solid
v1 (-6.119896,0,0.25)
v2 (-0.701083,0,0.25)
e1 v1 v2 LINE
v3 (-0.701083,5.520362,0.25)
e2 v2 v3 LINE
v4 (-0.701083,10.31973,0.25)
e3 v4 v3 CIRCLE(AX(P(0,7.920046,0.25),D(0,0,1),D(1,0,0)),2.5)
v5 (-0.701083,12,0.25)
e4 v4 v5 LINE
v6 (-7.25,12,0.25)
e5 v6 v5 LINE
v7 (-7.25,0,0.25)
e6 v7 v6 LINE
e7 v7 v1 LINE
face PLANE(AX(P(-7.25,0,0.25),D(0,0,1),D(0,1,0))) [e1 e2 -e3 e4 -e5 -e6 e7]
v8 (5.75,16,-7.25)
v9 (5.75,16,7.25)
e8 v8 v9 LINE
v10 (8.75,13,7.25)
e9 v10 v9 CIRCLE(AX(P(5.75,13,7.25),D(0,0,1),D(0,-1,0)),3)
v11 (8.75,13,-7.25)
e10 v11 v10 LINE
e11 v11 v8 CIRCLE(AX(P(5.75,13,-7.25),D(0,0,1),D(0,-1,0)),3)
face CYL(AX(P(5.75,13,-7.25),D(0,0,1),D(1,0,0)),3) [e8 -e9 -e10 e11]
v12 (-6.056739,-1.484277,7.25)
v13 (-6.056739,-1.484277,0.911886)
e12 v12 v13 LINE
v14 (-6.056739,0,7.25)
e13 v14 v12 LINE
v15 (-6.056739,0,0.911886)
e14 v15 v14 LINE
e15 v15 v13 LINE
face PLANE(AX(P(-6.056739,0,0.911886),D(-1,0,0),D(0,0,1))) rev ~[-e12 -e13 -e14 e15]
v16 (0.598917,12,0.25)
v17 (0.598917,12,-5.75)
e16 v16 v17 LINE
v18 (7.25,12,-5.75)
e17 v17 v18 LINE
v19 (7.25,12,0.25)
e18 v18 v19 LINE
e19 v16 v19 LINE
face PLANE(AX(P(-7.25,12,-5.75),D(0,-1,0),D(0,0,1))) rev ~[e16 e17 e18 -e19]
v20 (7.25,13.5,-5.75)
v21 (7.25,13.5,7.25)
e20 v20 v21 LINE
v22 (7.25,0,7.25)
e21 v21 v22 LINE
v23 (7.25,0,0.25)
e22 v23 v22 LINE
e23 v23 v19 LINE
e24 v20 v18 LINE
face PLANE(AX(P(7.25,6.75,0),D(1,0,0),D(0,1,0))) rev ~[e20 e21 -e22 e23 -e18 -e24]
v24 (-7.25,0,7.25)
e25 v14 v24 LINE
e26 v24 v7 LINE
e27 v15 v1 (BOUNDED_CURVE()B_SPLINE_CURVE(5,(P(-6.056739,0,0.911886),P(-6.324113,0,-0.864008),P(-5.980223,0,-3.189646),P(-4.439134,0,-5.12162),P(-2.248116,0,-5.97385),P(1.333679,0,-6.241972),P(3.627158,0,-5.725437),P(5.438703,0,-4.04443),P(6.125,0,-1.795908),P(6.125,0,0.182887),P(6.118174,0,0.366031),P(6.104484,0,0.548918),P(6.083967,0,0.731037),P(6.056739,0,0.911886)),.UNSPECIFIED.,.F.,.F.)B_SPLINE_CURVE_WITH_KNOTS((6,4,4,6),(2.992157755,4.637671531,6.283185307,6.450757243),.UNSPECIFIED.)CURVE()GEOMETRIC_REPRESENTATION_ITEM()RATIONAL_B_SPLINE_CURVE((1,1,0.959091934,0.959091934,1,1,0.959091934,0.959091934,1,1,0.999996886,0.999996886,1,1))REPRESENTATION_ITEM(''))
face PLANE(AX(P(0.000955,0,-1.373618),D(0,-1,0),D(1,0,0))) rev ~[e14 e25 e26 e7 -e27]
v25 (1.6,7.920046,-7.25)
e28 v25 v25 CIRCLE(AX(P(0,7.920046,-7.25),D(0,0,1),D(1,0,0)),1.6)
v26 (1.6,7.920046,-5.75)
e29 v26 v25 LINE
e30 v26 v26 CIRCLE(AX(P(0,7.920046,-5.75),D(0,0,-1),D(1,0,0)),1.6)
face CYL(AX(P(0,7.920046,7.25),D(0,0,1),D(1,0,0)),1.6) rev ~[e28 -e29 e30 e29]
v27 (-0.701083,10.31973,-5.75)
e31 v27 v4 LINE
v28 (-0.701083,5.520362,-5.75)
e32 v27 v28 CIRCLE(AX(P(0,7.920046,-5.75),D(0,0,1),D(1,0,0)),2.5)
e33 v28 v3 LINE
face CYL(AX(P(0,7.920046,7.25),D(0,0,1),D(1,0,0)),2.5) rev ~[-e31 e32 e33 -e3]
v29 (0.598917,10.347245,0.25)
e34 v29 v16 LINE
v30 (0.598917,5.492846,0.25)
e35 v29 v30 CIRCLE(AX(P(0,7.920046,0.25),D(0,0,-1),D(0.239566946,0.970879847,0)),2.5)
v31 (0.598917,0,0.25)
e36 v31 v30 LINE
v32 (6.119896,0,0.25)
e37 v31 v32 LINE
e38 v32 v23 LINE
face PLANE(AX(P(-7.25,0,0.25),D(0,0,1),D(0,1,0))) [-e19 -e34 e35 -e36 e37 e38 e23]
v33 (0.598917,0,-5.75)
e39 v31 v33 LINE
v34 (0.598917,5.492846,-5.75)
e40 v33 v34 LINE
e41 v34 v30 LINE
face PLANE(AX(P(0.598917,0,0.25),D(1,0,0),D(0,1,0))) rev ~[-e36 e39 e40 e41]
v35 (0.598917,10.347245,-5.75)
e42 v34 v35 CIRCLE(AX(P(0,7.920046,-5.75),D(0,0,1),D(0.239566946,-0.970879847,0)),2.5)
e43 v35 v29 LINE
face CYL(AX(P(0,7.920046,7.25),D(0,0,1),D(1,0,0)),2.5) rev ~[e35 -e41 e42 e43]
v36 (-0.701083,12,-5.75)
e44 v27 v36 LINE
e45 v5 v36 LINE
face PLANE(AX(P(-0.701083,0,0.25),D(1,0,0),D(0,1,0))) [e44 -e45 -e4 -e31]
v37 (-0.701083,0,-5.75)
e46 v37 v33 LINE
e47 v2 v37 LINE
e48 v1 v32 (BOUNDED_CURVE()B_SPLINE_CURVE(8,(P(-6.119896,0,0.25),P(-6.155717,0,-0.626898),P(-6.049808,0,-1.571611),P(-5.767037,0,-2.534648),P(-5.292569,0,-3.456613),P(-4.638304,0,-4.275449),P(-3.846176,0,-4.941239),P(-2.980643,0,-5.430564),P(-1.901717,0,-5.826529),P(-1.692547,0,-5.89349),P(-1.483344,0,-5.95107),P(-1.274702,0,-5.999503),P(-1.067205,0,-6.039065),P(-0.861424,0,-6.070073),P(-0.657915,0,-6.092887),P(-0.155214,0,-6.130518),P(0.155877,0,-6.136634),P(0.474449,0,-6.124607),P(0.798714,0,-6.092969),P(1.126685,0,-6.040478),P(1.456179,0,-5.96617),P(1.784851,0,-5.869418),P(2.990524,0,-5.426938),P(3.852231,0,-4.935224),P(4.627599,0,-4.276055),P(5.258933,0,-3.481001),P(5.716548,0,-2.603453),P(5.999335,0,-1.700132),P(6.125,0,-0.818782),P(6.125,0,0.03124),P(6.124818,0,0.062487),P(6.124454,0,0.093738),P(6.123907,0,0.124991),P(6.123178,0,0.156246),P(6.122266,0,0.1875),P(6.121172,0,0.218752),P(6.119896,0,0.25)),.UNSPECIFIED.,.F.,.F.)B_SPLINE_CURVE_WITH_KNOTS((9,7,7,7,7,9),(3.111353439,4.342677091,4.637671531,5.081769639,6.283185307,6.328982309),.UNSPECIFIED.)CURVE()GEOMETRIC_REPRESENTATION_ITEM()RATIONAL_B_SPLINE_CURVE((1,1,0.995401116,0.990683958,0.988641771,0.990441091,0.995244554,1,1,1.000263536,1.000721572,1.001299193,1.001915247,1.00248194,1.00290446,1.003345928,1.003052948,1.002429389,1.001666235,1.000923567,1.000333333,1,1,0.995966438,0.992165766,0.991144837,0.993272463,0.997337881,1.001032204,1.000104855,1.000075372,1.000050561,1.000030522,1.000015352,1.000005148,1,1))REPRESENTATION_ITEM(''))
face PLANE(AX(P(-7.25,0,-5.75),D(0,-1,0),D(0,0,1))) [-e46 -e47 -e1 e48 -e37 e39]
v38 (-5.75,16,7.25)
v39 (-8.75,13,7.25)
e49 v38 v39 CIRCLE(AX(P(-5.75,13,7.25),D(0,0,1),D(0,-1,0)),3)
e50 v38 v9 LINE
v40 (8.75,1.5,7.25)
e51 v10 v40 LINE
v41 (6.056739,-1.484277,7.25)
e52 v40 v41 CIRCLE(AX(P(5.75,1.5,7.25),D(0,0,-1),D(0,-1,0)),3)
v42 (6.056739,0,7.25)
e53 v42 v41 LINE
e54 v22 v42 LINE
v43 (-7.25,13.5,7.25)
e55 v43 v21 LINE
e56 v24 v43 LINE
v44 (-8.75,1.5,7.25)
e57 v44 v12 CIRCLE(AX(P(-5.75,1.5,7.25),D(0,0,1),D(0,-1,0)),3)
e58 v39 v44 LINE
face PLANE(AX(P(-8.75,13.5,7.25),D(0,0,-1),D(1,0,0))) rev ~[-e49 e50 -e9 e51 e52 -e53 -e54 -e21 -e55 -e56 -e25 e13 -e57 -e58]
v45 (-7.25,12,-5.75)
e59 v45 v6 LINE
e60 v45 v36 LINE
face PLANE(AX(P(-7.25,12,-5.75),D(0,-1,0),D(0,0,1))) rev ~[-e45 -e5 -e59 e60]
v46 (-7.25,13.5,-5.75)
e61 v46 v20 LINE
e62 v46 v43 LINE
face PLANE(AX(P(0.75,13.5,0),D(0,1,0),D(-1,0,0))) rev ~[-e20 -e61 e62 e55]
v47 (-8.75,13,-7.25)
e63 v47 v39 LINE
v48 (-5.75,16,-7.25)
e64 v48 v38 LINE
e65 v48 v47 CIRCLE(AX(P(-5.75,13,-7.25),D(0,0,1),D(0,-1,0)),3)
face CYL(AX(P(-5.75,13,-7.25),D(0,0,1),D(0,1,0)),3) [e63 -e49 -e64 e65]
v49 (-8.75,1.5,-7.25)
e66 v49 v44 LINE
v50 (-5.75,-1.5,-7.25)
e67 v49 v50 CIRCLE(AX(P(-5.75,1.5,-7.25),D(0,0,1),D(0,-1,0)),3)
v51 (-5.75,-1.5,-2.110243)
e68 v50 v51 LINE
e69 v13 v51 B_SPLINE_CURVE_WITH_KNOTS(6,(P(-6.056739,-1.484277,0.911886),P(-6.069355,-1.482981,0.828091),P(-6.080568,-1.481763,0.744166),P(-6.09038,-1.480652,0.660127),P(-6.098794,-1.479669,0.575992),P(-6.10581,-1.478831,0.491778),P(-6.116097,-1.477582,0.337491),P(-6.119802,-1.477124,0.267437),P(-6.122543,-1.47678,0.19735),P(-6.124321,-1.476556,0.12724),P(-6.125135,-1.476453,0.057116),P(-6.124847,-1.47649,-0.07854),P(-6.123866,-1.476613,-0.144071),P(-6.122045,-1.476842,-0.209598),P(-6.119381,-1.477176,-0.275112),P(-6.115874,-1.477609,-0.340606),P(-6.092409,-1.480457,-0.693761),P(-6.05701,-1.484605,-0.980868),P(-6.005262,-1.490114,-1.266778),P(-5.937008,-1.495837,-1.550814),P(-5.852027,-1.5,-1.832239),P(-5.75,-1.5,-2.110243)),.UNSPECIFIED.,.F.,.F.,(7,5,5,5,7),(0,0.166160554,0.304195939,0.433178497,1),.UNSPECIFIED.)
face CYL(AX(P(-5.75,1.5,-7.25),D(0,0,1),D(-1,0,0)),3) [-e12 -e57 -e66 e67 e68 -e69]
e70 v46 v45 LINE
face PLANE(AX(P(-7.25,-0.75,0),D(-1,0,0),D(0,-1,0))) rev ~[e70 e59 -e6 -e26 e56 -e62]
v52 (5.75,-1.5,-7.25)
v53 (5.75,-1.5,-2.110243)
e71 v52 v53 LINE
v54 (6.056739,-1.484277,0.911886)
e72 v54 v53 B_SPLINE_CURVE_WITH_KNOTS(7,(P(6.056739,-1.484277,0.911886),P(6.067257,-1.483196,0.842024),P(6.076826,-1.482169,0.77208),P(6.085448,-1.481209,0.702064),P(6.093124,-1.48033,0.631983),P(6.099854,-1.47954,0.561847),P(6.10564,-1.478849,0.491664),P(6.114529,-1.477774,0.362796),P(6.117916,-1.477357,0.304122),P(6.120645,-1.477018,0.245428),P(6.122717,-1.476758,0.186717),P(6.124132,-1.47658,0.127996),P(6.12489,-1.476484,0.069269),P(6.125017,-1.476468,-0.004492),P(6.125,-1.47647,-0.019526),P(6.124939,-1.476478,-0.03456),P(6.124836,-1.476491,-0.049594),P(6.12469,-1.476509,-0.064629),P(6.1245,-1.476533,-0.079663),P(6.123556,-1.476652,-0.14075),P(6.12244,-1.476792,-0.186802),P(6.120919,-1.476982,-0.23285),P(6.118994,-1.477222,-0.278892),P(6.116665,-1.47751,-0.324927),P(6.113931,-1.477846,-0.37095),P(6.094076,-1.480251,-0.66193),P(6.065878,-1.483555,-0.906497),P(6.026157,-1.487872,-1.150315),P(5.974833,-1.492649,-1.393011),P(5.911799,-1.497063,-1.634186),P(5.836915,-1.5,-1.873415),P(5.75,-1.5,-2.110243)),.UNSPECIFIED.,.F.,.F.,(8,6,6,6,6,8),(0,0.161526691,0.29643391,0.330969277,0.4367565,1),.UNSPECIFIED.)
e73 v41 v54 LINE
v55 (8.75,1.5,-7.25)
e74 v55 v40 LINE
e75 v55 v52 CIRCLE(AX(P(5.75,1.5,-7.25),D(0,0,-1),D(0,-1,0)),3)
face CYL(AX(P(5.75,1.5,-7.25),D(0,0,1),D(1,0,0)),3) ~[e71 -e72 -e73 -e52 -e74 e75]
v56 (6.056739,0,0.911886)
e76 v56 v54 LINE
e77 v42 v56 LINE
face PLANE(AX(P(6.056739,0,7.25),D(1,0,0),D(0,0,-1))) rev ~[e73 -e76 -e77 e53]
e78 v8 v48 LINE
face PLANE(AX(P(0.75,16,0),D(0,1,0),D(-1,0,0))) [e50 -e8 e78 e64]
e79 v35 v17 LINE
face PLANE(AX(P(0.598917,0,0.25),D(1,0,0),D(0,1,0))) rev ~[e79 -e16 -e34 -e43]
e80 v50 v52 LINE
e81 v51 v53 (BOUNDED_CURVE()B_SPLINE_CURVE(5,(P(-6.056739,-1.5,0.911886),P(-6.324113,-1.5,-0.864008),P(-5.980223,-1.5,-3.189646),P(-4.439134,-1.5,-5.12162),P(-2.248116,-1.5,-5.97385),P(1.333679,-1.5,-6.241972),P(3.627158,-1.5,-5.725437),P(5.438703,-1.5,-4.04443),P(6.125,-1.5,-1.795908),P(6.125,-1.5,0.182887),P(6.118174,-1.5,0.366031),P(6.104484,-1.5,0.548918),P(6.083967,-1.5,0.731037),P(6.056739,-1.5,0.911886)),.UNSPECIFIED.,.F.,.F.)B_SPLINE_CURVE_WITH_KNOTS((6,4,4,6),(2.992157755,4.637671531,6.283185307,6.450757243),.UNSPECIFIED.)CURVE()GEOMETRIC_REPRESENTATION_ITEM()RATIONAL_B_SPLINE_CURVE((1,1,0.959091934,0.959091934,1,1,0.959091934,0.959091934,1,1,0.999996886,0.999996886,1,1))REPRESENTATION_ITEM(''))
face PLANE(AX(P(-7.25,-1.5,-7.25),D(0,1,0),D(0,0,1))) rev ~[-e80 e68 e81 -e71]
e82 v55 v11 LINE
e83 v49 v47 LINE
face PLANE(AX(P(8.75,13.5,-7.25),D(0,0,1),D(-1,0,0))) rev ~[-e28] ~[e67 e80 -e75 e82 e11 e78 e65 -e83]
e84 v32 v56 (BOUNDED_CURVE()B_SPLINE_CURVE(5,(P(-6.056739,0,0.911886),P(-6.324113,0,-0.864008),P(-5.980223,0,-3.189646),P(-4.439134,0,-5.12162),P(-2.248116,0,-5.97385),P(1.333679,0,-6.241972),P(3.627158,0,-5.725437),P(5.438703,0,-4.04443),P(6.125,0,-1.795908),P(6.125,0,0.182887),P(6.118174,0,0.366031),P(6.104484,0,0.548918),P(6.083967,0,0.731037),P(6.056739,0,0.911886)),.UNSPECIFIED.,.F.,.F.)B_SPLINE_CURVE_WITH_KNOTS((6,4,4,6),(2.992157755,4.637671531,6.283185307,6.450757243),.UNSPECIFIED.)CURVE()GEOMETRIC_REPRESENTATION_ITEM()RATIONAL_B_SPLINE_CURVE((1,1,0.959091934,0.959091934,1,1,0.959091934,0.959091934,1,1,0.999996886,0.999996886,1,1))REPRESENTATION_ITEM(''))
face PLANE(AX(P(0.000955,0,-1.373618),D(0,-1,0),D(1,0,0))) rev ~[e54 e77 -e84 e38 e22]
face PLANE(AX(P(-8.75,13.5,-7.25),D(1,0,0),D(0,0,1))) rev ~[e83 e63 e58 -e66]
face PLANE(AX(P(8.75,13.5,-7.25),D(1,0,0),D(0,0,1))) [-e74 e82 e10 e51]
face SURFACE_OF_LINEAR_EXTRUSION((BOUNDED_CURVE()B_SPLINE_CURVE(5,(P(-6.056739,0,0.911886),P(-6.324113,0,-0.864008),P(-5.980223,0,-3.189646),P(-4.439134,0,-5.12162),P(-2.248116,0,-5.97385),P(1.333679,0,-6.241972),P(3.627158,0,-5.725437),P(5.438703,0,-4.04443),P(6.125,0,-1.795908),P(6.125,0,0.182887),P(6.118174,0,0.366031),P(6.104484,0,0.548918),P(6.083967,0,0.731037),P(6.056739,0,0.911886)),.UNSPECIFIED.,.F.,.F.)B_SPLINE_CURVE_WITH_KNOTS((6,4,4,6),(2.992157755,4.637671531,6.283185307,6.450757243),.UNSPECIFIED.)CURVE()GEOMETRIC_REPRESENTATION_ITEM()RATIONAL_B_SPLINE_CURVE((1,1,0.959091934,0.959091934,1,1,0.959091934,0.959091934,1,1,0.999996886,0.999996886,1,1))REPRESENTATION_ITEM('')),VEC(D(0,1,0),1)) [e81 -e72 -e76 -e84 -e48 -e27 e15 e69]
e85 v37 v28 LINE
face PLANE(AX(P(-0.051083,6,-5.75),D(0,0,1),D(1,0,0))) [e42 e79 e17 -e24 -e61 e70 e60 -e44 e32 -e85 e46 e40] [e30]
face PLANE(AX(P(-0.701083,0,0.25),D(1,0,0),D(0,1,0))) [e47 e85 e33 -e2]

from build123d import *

# Parameters (mm, degrees)
F1_DEPTH  = 1.5
F2_W      = 13.5
F2_H      = 14.5
F2_W_2    = 1.5
F3_DEPTH  = 1.5
F4_W      = 1.5
F4_H      = 14.5
F4_W_2    = 13.5
F5_DEPTH  = 1.5
F6_W      = 16
F6_H      = 14.5
F6_W_2    = 1.5
F7_DEPTH  = 2.5
F8_W      = 14.5
F8_H      = 13.5
F9_DEPTH  = 1.5
F10_W     = 12
F10_H     = 6
F11_DEPTH = 14.5
F12_W     = 1.3
F12_H     = 12
F13_DEPTH = 6
F14_R     = 2.5
F14_R_2   = 1.6
F15_DEPTH = 13
F16_DEPTH = 14.5010001
F17_R     = 3


with BuildPart() as f1:
    # F0 (on Front) → F1 (new body)
    with BuildSketch(Plane.XZ):
        with BuildLine():
            Line((-6.0567391277, 7.25), (-7.25, 7.25))
            Line((-7.25, 7.25), (-7.25, -7.25))
            Line((-7.25, -7.25), (7.25, -7.25))
            Line((7.25, -7.25), (7.25, 7.25))
            Line((7.25, 7.25), (6.0567391277, 7.25))
            Line((6.0567391277, 7.25), (6.0567391277, 0.9118860342))
            add(Edge.make_bspline(
                [(6.125, 0), (6.125, 0.4584979124), (6.0567391277, 0.9118860342)],
                knots=[0, 0, 0, 0.1494348984, 0.1494348984, 0.1494348984], degree=2, weights=[1, 0.9972099498, 1]))
            add(Edge.make_bspline(
                [(-6.0567391277, 0.9118860342), (-7.0394373604, -5.6151871016), (-0.4572186802, -6.1079109423), (6.125, -6.6006347829), (6.125, 0)],
                knots=[2.9921577552, 2.9921577552, 2.9921577552, 4.6376715312, 4.6376715312, 6.2831853072, 6.2831853072, 6.2831853072], degree=2, weights=[1, 0.6802029301, 1, 0.6802029301, 1]))
            Line((-6.0567391277, 0.9118860342), (-6.0567391277, 7.25))
        make_face()
    extrude(amount=F1_DEPTH)

    # F2 (on face) → F3 (join)
    with BuildSketch(Plane.YZ.offset(7.25)):
        with Locations((6.75, 0)):
            Rectangle(F2_W, F2_H)
        with Locations((-0.75, 0)):
            Rectangle(F2_W_2, F2_H)
    extrude(amount=F3_DEPTH)

    # F4 (on face) → F5 (join)
    with BuildSketch(Plane(origin=(-7.25, 0, 0), x_dir=(0, -1, 0), z_dir=(-1, 0, 0))):
        with Locations((0.75, 0)):
            Rectangle(F4_W, F4_H)
        with Locations((-6.75, 0)):
            Rectangle(F4_W_2, F4_H)
    extrude(amount=F5_DEPTH)

    # F6 (on face) → F7 (join)
    with BuildSketch(Plane(origin=(0, 13.5, 0), x_dir=(-1, 0, 0), z_dir=(0, 1, 0))):
        with Locations((-0.75, 0)):
            Rectangle(F6_W, F6_H)
        with Locations((8, 0)):
            Rectangle(F6_W_2, F6_H)
    extrude(amount=F7_DEPTH)

    # F8 (on face) → F9 (join)
    with BuildSketch(Plane(origin=(0, 0, -7.25), x_dir=(1, 0, 0), z_dir=(0, 0, -1))):
        with Locations((0, -6.75)):
            Rectangle(F8_W, F8_H)
    extrude(amount=-F9_DEPTH)

    # F10 (on face) → F11 (join, through all)
    with BuildSketch(Plane.YZ.offset(-7.25)):
        with Locations((6, -2.75)):
            Rectangle(F10_W, F10_H)
    extrude(amount=F11_DEPTH)

    # F12 (on face) → F13 (cut, through all)
    with BuildSketch(Plane.XY.offset(0.25)):
        with Locations((-0.051082634, 6)):
            Rectangle(F12_W, F12_H)
    extrude(amount=-F13_DEPTH, mode=Mode.SUBTRACT)

    # F14 (on face) → F15 (cut, through all)
    with BuildSketch(Plane.XY.offset(7.25)):
        with Locations((0, 7.9200456385)):
            Circle(F14_R)
        with Locations((0, 7.9200456385)):
            Circle(F14_R_2, mode=Mode.SUBTRACT)
    extrude(amount=-F15_DEPTH, mode=Mode.SUBTRACT)

    # F14 (on face) → F16 (cut, through all)
    with BuildSketch(Plane.XY.offset(7.25)):
        with Locations((0, 7.9200456385)):
            Circle(F14_R_2)
    extrude(amount=-F16_DEPTH, mode=Mode.SUBTRACT)

    # F17
    f17_edges = [f1.edges().sort_by_distance(p)[0] for p in [
        (8.75, -1.5, 0),
        (-8.75, -1.5, 0),
        (-8.75, 16, 0),
        (8.75, 16, 0),
    ]]
    fillet(f17_edges, radius=F17_R)


solid = f1.part
